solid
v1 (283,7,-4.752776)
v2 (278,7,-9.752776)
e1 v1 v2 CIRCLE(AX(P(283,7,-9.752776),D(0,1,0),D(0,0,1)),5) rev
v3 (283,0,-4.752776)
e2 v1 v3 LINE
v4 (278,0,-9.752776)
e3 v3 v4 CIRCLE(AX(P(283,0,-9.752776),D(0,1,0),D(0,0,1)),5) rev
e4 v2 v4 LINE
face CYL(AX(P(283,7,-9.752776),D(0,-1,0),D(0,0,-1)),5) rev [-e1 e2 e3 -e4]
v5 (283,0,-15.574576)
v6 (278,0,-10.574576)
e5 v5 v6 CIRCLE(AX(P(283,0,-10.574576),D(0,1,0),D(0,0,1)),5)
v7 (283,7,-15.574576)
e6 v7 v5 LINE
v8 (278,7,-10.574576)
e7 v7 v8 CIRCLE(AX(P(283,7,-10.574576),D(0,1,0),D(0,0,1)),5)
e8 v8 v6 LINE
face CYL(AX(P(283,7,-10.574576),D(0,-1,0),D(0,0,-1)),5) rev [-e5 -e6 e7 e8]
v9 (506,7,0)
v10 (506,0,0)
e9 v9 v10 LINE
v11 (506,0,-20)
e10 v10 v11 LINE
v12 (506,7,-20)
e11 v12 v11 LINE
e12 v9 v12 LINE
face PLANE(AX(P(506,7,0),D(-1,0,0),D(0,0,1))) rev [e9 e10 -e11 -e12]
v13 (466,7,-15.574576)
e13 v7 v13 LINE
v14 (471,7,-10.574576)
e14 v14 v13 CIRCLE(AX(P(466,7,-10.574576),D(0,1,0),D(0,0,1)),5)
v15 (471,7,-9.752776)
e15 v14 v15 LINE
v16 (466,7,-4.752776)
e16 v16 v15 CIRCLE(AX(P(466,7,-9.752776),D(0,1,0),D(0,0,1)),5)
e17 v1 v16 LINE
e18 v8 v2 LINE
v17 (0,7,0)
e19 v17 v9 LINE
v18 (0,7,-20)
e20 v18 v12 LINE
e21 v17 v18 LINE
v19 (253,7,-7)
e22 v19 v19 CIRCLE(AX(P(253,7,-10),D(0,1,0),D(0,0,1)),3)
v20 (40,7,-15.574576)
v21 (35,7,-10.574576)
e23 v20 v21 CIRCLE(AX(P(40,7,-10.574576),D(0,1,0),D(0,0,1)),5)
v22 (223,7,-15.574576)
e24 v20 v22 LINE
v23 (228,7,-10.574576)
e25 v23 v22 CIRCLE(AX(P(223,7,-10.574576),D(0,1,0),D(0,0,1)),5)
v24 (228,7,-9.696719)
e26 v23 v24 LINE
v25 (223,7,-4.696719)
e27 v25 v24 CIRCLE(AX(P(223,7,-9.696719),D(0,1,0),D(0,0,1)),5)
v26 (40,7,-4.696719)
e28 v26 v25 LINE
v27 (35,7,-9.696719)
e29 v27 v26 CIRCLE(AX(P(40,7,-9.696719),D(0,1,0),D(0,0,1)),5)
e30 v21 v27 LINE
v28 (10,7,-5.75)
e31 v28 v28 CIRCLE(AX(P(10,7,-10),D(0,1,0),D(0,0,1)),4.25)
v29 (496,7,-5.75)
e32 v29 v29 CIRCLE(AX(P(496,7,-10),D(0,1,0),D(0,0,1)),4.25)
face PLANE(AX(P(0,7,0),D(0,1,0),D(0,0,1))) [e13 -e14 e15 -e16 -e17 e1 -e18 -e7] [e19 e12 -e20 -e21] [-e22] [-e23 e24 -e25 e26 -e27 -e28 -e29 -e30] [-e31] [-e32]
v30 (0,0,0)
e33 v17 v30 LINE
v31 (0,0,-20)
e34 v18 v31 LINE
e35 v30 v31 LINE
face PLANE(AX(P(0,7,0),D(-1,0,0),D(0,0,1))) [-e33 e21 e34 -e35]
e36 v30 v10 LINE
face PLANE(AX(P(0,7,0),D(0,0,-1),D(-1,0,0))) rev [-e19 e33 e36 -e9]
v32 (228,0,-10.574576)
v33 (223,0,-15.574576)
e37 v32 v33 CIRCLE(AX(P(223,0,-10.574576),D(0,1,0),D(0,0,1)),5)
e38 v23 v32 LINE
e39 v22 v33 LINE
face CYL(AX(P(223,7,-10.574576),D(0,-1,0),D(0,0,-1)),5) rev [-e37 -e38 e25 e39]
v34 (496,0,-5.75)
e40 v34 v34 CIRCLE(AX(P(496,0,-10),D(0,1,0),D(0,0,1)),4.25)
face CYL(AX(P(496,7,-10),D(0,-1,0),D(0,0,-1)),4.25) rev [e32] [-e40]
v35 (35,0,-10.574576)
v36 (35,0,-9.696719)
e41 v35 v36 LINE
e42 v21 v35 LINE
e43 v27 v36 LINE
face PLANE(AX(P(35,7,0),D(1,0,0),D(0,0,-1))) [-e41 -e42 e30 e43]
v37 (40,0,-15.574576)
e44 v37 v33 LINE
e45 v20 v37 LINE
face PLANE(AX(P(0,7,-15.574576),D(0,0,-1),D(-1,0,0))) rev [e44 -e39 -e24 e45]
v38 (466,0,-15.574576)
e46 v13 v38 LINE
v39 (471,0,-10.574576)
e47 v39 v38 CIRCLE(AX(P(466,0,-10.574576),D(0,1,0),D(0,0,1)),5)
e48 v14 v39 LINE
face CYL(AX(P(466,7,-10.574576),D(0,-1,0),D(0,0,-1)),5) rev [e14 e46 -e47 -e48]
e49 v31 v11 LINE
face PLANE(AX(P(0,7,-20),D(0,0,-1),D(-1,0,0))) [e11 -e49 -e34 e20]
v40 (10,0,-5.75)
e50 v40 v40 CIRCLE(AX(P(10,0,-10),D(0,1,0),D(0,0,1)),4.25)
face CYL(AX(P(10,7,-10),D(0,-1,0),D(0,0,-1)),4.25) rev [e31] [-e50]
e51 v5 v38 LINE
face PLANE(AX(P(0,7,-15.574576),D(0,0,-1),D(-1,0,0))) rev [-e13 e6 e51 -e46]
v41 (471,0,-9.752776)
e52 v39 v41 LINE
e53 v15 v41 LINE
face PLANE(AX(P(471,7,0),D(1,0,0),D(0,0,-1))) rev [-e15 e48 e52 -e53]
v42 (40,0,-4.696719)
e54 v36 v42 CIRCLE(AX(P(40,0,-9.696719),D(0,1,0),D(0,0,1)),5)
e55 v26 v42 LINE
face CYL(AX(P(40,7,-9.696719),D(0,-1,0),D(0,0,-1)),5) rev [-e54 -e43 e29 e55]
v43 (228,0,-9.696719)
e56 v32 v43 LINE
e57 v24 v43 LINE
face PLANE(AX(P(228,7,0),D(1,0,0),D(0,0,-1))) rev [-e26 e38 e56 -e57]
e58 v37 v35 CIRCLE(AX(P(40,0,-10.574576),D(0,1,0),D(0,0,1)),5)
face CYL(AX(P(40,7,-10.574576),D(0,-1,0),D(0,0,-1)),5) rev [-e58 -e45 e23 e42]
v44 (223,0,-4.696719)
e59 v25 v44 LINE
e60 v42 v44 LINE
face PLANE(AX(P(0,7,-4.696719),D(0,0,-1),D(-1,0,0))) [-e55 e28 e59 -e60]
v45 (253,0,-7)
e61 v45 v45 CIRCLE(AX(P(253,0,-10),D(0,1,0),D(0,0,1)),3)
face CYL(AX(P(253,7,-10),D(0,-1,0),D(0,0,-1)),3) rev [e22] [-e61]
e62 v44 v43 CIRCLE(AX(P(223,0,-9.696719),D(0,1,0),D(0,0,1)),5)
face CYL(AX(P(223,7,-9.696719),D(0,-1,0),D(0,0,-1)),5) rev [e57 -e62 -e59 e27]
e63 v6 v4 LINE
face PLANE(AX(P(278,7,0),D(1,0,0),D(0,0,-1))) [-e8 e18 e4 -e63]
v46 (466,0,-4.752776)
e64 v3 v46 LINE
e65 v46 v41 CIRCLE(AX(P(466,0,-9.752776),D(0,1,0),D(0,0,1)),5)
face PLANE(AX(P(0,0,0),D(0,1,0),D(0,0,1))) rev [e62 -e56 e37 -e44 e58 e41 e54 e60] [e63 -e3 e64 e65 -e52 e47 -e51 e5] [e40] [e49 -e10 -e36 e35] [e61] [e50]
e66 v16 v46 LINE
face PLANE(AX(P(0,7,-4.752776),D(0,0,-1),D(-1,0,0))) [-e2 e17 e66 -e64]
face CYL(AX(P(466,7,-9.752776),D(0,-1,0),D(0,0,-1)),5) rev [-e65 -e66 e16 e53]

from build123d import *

# Parameters (mm, degrees)
SZKIC1_W                    = 506
SZKIC1_H                    = 20
SZKIC1_R                    = 3
SZKIC1_R_2                  = 4.25
DODANIE_WYCI_GNI_CIE1_DEPTH = 7


with BuildPart() as part:
    # Szkic1 → Dodanie-wyciągnięcie1 (new body)
    with BuildSketch(Plane(origin=(0, 0, 0), x_dir=(1, 0, 0), z_dir=(0, 1, 0))):
        with Locations((253, 10)):
            Rectangle(SZKIC1_W, SZKIC1_H)
        with Locations(Location((253, 10, 0), (0, 0, 270))):
            Circle(SZKIC1_R, mode=Mode.SUBTRACT)
        with Locations(Location((10, 10, 0), (0, 0, 270))):
            Circle(SZKIC1_R_2, mode=Mode.SUBTRACT)
        with Locations(Location((496, 10, 0), (0, 0, 270))):
            Circle(SZKIC1_R_2, mode=Mode.SUBTRACT)
        with BuildLine():
            Line((40, 15.57457628), (223, 15.57457628))
            ThreePointArc((223, 15.57457628), (226.535533906, 14.110110186), (228, 10.57457628))
            Line((228, 10.57457628), (228, 9.696719379))
            ThreePointArc((228, 9.696719379), (226.535533906, 6.161185473), (223, 4.696719379))
            Line((223, 4.696719379), (40, 4.696719379))
            ThreePointArc((40, 4.696719379), (36.464466094, 6.161185473), (35, 9.696719379))
            Line((35, 9.696719379), (35, 10.57457628))
            ThreePointArc((35, 10.57457628), (36.464466094, 14.110110186), (40, 15.57457628))
        make_face(mode=Mode.SUBTRACT)
        with BuildLine():
            Line((283, 15.57457628), (466, 15.57457628))
            ThreePointArc((466, 15.57457628), (469.535533906, 14.110110186), (471, 10.57457628))
            Line((471, 10.57457628), (471, 9.752776346))
            ThreePointArc((471, 9.752776346), (469.535533906, 6.21724244), (466, 4.752776346))
            Line((466, 4.752776346), (283, 4.752776346))
            ThreePointArc((283, 4.752776346), (279.464466094, 6.21724244), (278, 9.752776346))
            Line((278, 9.752776346), (278, 10.57457628))
            ThreePointArc((278, 10.57457628), (279.464466094, 14.110110186), (283, 15.57457628))
        make_face(mode=Mode.SUBTRACT)
    extrude(amount=DODANIE_WYCI_GNI_CIE1_DEPTH)


solid = part.part
